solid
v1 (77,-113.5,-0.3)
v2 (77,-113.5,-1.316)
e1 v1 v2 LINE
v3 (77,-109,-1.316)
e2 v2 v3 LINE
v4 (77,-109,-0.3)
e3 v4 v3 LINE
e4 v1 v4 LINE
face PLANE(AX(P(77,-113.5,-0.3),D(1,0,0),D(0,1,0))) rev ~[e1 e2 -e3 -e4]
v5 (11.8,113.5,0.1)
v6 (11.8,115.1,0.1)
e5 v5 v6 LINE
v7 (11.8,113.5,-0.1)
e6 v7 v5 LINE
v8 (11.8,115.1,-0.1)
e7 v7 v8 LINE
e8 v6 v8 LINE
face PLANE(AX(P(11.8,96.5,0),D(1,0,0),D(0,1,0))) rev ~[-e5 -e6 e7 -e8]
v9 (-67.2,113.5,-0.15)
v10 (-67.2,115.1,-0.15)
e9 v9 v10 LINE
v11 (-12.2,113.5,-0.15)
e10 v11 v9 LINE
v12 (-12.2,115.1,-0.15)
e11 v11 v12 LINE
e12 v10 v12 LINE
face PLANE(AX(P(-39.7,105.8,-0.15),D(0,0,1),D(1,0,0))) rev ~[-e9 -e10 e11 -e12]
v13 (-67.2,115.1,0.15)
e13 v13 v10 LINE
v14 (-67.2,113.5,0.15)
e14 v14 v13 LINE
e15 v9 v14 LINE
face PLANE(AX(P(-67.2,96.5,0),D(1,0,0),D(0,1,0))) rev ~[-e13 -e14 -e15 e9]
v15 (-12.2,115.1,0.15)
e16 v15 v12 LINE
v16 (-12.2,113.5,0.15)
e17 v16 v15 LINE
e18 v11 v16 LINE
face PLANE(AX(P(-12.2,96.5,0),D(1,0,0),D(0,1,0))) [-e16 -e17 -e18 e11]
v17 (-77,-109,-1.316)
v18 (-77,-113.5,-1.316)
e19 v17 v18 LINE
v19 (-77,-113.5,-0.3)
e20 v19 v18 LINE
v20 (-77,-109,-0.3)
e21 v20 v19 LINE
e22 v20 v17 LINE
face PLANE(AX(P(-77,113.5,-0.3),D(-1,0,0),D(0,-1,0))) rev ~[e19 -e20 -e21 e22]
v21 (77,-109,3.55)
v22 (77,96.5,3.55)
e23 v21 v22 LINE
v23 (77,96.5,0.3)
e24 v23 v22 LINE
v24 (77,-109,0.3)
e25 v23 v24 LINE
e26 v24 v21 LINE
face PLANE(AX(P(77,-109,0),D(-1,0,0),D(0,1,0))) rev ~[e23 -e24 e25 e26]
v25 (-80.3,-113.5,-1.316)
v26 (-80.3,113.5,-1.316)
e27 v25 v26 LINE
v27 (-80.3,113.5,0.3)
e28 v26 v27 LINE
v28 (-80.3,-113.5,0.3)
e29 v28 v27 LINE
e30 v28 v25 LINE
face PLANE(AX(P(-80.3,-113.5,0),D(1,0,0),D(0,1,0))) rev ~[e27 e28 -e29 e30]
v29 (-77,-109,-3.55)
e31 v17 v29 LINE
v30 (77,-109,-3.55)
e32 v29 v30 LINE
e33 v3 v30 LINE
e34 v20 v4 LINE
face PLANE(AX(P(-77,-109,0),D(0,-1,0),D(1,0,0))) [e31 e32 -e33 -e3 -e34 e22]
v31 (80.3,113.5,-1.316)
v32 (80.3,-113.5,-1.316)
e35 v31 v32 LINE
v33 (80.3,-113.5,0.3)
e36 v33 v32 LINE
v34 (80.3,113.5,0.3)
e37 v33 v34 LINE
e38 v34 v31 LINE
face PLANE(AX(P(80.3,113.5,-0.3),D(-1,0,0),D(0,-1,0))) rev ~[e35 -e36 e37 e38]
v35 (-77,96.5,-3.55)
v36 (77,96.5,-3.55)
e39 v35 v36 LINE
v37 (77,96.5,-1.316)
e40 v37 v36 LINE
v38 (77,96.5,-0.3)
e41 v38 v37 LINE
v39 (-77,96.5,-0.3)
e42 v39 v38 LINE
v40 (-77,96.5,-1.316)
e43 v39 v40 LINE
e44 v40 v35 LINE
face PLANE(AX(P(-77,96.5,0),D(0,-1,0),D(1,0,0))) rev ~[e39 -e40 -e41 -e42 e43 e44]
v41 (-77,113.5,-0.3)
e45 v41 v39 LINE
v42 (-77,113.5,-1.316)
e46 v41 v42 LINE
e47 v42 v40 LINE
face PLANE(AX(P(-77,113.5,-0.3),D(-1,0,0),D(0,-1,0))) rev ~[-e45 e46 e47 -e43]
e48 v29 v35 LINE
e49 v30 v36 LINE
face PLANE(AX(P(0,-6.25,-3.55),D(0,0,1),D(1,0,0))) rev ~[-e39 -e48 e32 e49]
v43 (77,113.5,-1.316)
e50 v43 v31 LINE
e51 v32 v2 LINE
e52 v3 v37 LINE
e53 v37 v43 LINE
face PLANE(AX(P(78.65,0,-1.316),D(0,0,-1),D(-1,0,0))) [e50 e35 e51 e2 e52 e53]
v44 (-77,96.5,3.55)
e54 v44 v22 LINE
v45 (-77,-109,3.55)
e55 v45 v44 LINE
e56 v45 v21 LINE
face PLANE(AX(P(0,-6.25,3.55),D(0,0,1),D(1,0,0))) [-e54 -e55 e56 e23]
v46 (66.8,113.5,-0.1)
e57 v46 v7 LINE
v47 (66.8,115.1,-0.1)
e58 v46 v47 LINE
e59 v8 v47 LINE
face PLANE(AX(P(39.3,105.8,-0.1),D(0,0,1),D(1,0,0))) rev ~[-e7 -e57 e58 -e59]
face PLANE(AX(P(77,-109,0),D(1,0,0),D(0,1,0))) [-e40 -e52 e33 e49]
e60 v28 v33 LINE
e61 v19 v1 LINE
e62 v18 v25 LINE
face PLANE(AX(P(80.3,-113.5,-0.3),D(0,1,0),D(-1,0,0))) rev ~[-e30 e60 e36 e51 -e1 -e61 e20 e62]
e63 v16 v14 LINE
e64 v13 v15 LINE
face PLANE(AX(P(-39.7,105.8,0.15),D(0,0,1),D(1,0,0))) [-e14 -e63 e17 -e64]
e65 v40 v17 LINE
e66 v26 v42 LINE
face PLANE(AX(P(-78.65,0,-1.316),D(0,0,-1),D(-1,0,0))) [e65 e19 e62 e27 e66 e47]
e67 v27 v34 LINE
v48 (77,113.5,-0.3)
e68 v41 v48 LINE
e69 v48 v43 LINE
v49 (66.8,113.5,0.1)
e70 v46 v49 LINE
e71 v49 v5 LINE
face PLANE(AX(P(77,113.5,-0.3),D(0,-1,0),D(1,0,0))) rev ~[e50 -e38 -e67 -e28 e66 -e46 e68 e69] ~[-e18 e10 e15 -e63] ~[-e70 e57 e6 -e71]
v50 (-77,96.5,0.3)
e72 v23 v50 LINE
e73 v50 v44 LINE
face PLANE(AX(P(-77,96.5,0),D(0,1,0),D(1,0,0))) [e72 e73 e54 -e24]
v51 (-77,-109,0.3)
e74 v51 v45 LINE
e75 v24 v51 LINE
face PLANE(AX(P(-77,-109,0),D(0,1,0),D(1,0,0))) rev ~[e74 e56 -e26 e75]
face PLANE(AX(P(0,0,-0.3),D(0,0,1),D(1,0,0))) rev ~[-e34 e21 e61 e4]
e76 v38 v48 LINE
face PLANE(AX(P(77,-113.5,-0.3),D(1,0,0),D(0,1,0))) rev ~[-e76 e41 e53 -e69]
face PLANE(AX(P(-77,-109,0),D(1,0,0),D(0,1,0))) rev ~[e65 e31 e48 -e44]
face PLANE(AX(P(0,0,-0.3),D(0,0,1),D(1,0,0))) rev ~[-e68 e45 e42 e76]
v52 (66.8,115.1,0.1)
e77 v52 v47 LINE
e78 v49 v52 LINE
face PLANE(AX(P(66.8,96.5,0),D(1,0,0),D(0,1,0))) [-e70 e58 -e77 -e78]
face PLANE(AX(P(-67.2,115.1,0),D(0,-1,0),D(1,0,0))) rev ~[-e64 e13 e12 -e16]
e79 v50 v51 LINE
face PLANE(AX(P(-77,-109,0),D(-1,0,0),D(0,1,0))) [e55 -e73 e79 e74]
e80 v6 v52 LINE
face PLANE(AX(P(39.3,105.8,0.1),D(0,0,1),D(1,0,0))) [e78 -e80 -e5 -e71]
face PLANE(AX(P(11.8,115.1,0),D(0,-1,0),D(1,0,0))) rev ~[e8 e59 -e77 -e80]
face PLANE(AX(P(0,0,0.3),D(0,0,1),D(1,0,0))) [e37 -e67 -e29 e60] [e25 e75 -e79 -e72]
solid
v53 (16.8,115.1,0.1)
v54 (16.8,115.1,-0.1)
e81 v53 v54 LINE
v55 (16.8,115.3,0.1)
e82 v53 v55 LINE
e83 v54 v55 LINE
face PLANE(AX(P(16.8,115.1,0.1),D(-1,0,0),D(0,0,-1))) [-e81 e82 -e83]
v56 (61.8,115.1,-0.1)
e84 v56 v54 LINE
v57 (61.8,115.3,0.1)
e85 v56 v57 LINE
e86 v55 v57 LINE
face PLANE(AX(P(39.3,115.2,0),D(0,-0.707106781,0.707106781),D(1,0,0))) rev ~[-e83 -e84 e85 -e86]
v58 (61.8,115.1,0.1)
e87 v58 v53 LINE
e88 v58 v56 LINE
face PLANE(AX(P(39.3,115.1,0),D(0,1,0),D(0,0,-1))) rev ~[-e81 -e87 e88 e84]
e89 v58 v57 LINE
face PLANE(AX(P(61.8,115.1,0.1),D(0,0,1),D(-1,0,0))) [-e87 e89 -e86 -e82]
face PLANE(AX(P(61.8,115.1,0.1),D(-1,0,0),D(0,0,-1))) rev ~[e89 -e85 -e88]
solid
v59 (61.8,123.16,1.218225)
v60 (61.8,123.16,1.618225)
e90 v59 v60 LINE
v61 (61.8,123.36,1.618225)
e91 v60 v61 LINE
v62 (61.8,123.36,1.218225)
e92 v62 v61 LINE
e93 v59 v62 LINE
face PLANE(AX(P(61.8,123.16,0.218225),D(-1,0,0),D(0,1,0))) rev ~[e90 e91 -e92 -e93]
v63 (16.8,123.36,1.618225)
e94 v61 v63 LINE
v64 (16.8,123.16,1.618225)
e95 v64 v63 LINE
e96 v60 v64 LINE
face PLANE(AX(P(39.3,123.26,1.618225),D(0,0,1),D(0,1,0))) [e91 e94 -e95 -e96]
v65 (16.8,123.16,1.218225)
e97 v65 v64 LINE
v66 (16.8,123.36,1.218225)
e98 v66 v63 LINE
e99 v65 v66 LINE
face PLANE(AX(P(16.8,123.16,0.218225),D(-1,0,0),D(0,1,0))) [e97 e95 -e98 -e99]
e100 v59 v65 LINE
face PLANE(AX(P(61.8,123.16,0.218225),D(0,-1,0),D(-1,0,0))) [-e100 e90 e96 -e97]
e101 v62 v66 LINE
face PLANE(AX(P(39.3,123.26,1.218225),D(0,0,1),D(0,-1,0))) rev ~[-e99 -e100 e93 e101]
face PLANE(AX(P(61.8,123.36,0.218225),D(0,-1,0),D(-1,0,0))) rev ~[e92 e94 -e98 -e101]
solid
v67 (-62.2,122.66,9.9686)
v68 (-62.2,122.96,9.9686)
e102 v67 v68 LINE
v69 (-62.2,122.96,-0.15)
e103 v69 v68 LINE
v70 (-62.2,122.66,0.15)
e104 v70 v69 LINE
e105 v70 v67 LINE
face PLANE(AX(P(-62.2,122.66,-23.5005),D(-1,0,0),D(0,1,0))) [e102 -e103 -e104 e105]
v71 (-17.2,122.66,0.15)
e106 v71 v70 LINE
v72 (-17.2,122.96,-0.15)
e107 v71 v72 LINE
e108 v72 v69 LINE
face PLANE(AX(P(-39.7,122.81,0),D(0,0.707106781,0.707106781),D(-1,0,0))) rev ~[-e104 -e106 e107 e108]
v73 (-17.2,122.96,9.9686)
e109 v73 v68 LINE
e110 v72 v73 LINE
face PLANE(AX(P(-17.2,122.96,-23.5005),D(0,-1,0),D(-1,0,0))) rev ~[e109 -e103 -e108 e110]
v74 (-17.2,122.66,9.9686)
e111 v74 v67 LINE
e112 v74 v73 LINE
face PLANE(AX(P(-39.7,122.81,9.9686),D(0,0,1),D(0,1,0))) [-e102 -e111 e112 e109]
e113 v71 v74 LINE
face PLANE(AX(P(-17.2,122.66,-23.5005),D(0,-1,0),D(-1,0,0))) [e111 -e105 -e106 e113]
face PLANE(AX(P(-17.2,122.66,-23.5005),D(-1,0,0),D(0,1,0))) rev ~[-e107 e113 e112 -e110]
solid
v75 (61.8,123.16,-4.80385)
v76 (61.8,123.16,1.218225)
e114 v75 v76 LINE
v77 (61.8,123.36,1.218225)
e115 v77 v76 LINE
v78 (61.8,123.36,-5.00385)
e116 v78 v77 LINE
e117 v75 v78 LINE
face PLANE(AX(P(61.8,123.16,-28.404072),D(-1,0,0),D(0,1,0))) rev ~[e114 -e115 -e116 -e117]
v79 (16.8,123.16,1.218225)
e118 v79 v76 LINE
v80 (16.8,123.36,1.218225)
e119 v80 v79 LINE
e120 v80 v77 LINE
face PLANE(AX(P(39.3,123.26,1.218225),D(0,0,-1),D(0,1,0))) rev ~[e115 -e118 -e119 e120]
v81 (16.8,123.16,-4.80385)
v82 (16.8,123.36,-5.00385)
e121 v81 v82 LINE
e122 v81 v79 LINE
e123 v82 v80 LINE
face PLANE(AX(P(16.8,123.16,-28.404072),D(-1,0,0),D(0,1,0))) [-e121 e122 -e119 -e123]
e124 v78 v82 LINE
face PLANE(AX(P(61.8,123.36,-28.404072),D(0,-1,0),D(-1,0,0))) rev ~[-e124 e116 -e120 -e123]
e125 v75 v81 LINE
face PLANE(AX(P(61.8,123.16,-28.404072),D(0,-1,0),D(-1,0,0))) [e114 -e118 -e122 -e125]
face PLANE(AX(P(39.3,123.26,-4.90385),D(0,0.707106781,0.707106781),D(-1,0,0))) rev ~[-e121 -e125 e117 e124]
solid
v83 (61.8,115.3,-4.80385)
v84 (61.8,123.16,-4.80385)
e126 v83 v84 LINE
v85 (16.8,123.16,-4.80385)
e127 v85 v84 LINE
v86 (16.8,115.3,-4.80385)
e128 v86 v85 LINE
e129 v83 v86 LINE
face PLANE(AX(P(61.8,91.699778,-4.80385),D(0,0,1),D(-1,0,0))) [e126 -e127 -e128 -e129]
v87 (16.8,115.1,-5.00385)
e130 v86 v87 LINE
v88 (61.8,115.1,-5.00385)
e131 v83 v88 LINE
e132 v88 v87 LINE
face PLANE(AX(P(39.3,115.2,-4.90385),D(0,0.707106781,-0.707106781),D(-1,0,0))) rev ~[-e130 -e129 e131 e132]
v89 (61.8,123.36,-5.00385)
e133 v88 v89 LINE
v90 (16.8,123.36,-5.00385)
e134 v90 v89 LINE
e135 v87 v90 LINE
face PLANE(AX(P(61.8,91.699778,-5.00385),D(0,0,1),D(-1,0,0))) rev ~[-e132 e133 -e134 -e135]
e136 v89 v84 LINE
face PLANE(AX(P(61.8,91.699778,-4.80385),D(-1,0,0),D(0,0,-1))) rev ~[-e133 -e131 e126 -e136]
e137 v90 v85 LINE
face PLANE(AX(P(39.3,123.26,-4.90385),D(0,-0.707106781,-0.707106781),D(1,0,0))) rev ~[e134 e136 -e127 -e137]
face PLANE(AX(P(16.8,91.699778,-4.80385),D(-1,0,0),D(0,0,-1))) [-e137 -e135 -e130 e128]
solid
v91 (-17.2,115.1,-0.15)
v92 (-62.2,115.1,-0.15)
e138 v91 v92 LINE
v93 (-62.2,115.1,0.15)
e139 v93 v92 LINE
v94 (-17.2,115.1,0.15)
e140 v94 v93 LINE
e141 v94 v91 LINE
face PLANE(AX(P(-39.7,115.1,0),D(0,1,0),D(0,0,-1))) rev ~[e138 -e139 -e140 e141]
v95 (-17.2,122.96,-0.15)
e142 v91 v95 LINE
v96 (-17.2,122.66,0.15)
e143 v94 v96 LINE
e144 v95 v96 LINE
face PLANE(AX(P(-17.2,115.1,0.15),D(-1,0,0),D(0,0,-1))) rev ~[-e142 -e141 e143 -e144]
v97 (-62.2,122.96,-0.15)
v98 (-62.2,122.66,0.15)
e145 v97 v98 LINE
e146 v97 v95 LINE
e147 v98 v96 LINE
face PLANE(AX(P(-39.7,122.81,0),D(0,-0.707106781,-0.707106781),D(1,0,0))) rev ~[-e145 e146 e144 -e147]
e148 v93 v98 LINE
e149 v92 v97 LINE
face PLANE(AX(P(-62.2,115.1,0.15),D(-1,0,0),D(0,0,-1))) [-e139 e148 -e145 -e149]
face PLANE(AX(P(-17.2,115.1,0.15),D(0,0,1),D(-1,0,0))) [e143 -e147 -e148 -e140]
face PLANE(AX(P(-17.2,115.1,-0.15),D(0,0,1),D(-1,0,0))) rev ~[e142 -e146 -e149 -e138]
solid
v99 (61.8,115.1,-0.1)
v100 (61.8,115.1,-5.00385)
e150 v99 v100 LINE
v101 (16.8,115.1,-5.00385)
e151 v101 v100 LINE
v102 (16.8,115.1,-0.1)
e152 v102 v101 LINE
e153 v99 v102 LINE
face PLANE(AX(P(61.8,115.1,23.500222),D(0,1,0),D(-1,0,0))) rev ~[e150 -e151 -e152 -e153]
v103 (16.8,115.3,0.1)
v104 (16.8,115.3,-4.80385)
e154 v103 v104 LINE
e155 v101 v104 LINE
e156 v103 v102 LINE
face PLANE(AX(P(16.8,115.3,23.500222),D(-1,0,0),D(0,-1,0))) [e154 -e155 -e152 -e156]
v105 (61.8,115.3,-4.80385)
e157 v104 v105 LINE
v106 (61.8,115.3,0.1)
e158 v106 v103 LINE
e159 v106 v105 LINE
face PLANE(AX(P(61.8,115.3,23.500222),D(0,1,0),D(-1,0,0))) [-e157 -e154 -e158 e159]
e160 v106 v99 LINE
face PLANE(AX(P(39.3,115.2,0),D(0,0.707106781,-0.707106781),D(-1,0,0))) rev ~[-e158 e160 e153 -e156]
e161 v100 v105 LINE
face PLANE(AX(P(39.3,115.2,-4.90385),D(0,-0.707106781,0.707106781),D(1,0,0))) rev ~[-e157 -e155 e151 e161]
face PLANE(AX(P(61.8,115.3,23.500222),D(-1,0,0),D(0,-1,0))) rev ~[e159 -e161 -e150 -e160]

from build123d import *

# Parameters (mm, degrees)
SKETCH1_W                    = 160.6
SKETCH1_H                    = 227
INSULATION_DEPTH             = 0.3
INSULATION_DEPTH_BACK        = 0.3
SKETCH2_W                    = 154
SKETCH2_H                    = 205.5
MAIN_BODY_DEPTH              = 3.55
MAIN_BODY_DEPTH_BACK         = 3.55
SIDE_FOLDS_DEPTH             = 1.016
SKETCH6_W                    = 55
SKETCH6_H                    = 18.6
NEGATIVE_TAB_BASE_DEPTH      = 0.1
NEGATIVE_TAB_BASE_DEPTH_BACK = 0.1
SKETCH7_W                    = 55
SKETCH7_H                    = 18.6
POSITIVE_TAB_BASE_DEPTH      = 0.15
POSITIVE_TAB_BASE_DEPTH_BACK = 0.15
SKETCH110_W                  = 0.3
SKETCH110_H                  = 45
POSITIVE_TAB_DEPTH           = 31.210499994
SKETCH110_ON_SEGMENT_2_W     = 0.3
SKETCH110_ON_SEGMENT_2_H     = 45
POSITIVE_TAB_2_DEPTH         = 33.469099994
SKETCH113_W                  = 0.2
SKETCH113_H                  = 45
NEGATIVE_TAB_DEPTH           = 23.600222221
SKETCH113_ON_SEGMENT_2_W     = 0.2
SKETCH113_ON_SEGMENT_2_H     = 45
NEGATIVE_TAB_2_DEPTH         = 51.904294442
SKETCH113_ON_SEGMENT_3_W     = 0.2
SKETCH113_ON_SEGMENT_3_H     = 45
NEGATIVE_TAB_3_DEPTH         = 55.060444442
SKETCH113_ON_SEGMENT_4_W     = 0.2
SKETCH113_ON_SEGMENT_4_H     = 45
NEGATIVE_TAB_4_DEPTH         = 30.622297221
SKETCH113_ON_SEGMENT_5_W     = 0.2
SKETCH113_ON_SEGMENT_5_H     = 45
NEGATIVE_TAB_5_DEPTH         = 1.4


with BuildPart() as part:
    # Sketch1 → Insulation (new, two sides)
    with BuildSketch(Plane.XY) as insulation_sk:
        Rectangle(SKETCH1_W, SKETCH1_H)
    extrude(amount=INSULATION_DEPTH)
    extrude(insulation_sk.sketch, amount=-INSULATION_DEPTH_BACK)

    # Sketch2 → Main Body (add, two sides)
    with BuildSketch(Plane.XY) as main_body_sk:
        with Locations((0, -6.25)):
            Rectangle(SKETCH2_W, SKETCH2_H)
    extrude(amount=MAIN_BODY_DEPTH)
    extrude(main_body_sk.sketch, amount=-MAIN_BODY_DEPTH_BACK)

    # Sketch5 → Side Folds (add)
    with BuildSketch(Plane(origin=(0, 0, -0.3), x_dir=(-1, 0, 0), z_dir=(0, 0, -1))):
        Polygon((-77, -109), (-77, 96.5), (-77, 113.5), (-80.3, 113.5), (-80.3, -113.5), (-77, -113.5), align=None)
        Polygon((77, 113.5), (77, 96.5), (77, -109), (77, -113.5), (80.3, -113.5), (80.3, 113.5), align=None)
    extrude(amount=SIDE_FOLDS_DEPTH)

    # Sketch6 → Negative Tab Base (add, two sides)
    with BuildSketch(Plane.XY) as negative_tab_base_sk:
        with Locations((39.3, 105.8)):
            Rectangle(SKETCH6_W, SKETCH6_H)
    extrude(amount=NEGATIVE_TAB_BASE_DEPTH)
    extrude(negative_tab_base_sk.sketch, amount=-NEGATIVE_TAB_BASE_DEPTH_BACK)

    # Sketch7 → Positive Tab Base (add, two sides)
    with BuildSketch(Plane.XY) as positive_tab_base_sk:
        with Locations((-39.7, 105.8)):
            Rectangle(SKETCH7_W, SKETCH7_H)
    extrude(amount=POSITIVE_TAB_BASE_DEPTH)
    extrude(positive_tab_base_sk.sketch, amount=-POSITIVE_TAB_BASE_DEPTH_BACK)


with BuildPart() as body_2:
    # Sketch110 → Positive Tab (new body)
    with BuildSketch(Plane(origin=(-39.7, 115.1, 0), x_dir=(0, 0, -1), z_dir=(0, 1, 0))):
        Rectangle(SKETCH110_W, SKETCH110_H)
    extrude(amount=POSITIVE_TAB_DEPTH)

    # Positive Tab mitre 1
    split(bisect_by=Plane(origin=(-39.7, 122.81, 0), x_dir=(1, 0, 0), z_dir=(0, -0.707106781, -0.707106781)), keep=Keep.TOP)


with BuildPart() as body_3:
    # Sketch110 on segment 2 (carried to segment 2) → Positive Tab 2 (new body)
    with BuildSketch(Plane(origin=(-39.7, 122.81, -23.500499994), x_dir=(0, 1, 0), z_dir=(0, 0, 1))):
        Rectangle(SKETCH110_ON_SEGMENT_2_W, SKETCH110_ON_SEGMENT_2_H)
    extrude(amount=POSITIVE_TAB_2_DEPTH)

    # Positive Tab 2 mitre 1
    split(bisect_by=Plane(origin=(-39.7, 122.81, 0), x_dir=(-1, 0, 0), z_dir=(0, 0.707106781, 0.707106781)), keep=Keep.TOP)


with BuildPart() as body_4:
    # Sketch113 → Negative Tab (new body)
    with BuildSketch(Plane(origin=(39.3, 115.1, 0), x_dir=(0, 0, -1), z_dir=(0, 1, 0))):
        Rectangle(SKETCH113_W, SKETCH113_H)
    extrude(amount=NEGATIVE_TAB_DEPTH)

    # Negative Tab mitre 1
    split(bisect_by=Plane(origin=(39.3, 115.2, 0), x_dir=(1, 0, 0), z_dir=(0, -0.707106781, 0.707106781)), keep=Keep.TOP)


with BuildPart() as body_5:
    # Sketch113 on segment 2 (carried to segment 2) → Negative Tab 2 (new body)
    with BuildSketch(Plane(origin=(39.3, 115.2, 23.500222221), x_dir=(0, -1, 0), z_dir=(0, 0, -1))):
        Rectangle(SKETCH113_ON_SEGMENT_2_W, SKETCH113_ON_SEGMENT_2_H)
    extrude(amount=NEGATIVE_TAB_2_DEPTH)

    # Negative Tab 2 mitre 1
    split(bisect_by=Plane(origin=(39.3, 115.2, 0), x_dir=(-1, 0, 0), z_dir=(0, 0.707106781, -0.707106781)), keep=Keep.TOP)

    # Negative Tab 2 mitre 2
    split(bisect_by=Plane(origin=(39.3, 115.2, -4.90385), x_dir=(1, 0, 0), z_dir=(0, -0.707106781, 0.707106781)), keep=Keep.TOP)


with BuildPart() as body_6:
    # Sketch113 on segment 3 (carried to segment 3) → Negative Tab 3 (new body)
    with BuildSketch(Plane(origin=(39.3, 91.699777779, -4.90385), x_dir=(0, 0, -1), z_dir=(0, 1, 0))):
        Rectangle(SKETCH113_ON_SEGMENT_3_W, SKETCH113_ON_SEGMENT_3_H)
    extrude(amount=NEGATIVE_TAB_3_DEPTH)

    # Negative Tab 3 mitre 1
    split(bisect_by=Plane(origin=(39.3, 115.2, -4.90385), x_dir=(-1, 0, 0), z_dir=(0, 0.707106781, -0.707106781)), keep=Keep.TOP)

    # Negative Tab 3 mitre 2
    split(bisect_by=Plane(origin=(39.3, 123.26, -4.90385), x_dir=(1, 0, 0), z_dir=(0, -0.707106781, -0.707106781)), keep=Keep.TOP)


with BuildPart() as body_7:
    # Sketch113 on segment 4 (carried to segment 4) → Negative Tab 4 (new body)
    with BuildSketch(Plane(origin=(39.3, 123.26, -28.404072221), x_dir=(0, 1, 0), z_dir=(0, 0, 1))):
        Rectangle(SKETCH113_ON_SEGMENT_4_W, SKETCH113_ON_SEGMENT_4_H)
    extrude(amount=NEGATIVE_TAB_4_DEPTH)

    # Negative Tab 4 mitre 1
    split(bisect_by=Plane(origin=(39.3, 123.26, -4.90385), x_dir=(-1, 0, 0), z_dir=(0, 0.707106781, 0.707106781)), keep=Keep.TOP)

    # Negative Tab 4 mitre 2
    split(bisect_by=Plane(origin=(39.3, 123.26, 1.218225), x_dir=(0, 1, 0), z_dir=(0, 0, -1)), keep=Keep.TOP)


with BuildPart() as body_8:
    # Sketch113 on segment 5 (carried to segment 5) → Negative Tab 5 (new body)
    with BuildSketch(Plane(origin=(39.3, 123.26, 0.218225), x_dir=(0, 1, 0), z_dir=(0, 0, 1))):
        Rectangle(SKETCH113_ON_SEGMENT_5_W, SKETCH113_ON_SEGMENT_5_H)
    extrude(amount=NEGATIVE_TAB_5_DEPTH)

    # Negative Tab 5 mitre 1
    split(bisect_by=Plane(origin=(39.3, 123.26, 1.218225), x_dir=(0, -1, 0), z_dir=(0, 0, 1)), keep=Keep.TOP)


solid = Compound([part.part, body_2.part, body_3.part, body_4.part, body_5.part, body_6.part, body_7.part, body_8.part])
